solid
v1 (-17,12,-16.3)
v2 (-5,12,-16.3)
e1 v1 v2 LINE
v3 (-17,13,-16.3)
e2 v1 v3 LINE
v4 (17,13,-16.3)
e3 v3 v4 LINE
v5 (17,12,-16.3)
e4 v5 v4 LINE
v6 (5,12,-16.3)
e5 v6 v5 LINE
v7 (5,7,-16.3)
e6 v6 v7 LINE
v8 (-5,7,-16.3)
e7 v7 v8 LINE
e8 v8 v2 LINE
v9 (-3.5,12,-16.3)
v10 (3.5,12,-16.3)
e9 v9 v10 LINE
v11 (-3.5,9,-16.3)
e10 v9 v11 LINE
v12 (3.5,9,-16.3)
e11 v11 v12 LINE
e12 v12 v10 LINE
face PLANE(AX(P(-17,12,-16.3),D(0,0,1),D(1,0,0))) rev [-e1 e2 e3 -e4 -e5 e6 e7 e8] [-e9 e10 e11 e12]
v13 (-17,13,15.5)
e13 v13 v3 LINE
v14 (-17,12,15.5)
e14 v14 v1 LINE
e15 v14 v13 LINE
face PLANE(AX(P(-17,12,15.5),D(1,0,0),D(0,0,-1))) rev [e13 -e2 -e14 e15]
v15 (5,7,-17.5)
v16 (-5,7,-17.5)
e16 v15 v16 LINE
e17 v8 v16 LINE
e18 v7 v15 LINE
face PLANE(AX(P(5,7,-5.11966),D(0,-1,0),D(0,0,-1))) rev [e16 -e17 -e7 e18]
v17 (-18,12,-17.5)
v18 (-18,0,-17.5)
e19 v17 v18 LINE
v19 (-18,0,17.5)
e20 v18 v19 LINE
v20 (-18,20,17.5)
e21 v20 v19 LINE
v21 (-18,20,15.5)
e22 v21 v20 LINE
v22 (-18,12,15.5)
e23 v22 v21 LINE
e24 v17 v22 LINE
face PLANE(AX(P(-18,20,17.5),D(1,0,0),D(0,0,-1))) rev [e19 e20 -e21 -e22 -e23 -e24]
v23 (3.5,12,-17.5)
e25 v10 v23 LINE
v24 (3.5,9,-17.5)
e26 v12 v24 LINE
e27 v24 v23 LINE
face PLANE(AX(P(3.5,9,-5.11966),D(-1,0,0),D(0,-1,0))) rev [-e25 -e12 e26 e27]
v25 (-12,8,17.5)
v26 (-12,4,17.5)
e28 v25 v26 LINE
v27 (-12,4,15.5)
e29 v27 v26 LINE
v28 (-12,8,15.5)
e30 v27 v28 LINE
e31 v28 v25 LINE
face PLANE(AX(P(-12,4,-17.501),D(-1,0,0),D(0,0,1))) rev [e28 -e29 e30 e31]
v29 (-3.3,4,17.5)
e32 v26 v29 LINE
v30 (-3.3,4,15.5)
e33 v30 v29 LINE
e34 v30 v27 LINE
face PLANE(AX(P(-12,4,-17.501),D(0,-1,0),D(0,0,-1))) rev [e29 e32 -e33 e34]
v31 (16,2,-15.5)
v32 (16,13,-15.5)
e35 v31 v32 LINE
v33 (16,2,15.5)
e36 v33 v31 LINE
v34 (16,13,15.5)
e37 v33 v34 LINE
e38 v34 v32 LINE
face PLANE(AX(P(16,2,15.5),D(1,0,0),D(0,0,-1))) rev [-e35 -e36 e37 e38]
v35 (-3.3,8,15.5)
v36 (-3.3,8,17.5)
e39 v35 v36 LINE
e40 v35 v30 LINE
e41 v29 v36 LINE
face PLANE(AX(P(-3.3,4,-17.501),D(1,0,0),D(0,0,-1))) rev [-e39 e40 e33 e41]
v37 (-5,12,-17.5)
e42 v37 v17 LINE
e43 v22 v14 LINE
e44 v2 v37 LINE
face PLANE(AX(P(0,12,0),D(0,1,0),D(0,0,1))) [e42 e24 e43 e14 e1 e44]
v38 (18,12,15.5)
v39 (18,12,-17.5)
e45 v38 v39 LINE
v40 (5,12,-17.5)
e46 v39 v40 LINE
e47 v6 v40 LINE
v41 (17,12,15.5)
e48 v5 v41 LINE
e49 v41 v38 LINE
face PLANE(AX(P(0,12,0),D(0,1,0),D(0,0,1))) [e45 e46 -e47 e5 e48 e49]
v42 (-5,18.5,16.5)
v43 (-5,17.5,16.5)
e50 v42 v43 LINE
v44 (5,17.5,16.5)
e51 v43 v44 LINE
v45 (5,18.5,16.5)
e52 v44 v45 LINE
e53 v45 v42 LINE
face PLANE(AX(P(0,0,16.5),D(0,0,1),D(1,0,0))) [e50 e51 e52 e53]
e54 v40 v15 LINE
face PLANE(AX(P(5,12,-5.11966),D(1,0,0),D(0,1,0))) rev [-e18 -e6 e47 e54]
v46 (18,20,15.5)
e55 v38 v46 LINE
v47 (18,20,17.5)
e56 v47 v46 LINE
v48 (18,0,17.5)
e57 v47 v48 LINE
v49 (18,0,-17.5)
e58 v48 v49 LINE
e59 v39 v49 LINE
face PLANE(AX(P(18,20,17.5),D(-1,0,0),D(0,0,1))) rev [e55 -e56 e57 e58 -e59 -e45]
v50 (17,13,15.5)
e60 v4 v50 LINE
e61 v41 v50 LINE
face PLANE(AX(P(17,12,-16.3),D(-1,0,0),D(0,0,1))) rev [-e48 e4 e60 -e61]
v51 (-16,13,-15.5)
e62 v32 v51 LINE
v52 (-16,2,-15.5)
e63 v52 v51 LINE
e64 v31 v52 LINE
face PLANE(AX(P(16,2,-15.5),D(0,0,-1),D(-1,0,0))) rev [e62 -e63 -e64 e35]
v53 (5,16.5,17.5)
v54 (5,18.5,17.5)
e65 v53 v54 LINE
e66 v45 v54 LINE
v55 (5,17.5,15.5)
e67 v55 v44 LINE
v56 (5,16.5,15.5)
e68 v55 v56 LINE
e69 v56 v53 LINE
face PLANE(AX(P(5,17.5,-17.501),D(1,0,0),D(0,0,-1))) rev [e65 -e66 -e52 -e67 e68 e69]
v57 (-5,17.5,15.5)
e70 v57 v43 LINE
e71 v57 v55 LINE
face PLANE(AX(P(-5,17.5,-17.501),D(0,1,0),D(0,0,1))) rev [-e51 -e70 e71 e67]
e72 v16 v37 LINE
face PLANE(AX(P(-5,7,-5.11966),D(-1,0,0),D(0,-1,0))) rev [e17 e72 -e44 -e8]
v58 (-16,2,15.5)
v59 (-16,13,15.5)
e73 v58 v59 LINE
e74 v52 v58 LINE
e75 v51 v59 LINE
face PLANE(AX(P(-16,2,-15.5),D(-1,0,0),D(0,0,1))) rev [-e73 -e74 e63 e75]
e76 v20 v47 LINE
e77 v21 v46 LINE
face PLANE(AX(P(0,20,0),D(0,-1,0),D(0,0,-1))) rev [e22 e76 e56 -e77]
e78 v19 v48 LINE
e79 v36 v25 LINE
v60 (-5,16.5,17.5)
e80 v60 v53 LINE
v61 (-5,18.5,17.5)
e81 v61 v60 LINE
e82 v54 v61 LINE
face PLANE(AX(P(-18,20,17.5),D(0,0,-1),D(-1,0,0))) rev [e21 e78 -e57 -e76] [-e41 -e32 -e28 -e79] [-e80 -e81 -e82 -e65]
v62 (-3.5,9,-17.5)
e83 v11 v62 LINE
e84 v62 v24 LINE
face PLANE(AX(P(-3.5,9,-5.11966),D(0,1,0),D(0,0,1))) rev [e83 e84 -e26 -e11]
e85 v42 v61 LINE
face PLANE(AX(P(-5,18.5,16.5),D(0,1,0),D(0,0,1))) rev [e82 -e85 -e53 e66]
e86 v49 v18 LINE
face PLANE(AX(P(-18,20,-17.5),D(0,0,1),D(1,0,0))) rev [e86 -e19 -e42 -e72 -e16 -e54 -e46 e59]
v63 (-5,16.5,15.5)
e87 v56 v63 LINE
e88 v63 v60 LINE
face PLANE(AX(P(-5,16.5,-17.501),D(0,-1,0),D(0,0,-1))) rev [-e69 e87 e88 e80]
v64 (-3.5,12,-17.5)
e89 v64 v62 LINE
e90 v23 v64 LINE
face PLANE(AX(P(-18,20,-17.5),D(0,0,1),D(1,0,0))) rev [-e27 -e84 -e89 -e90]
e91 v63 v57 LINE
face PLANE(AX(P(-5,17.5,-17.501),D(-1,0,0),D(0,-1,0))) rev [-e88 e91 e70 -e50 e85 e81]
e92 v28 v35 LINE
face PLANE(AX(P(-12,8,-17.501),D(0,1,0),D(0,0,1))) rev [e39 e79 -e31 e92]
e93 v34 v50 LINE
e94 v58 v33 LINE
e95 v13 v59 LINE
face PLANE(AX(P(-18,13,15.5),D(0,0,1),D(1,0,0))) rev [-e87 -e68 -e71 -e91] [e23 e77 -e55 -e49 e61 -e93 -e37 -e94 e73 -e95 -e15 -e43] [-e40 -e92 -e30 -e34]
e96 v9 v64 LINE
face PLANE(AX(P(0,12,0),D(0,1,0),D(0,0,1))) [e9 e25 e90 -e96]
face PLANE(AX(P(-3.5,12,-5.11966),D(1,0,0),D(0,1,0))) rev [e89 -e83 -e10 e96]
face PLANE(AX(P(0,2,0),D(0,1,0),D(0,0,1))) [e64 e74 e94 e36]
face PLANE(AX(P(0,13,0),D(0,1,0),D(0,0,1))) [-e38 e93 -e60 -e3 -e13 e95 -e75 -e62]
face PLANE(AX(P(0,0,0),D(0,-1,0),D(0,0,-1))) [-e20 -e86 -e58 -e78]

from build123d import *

# Parameters (mm, degrees)
CROQUIS1_W              = 36
CROQUIS1_H              = 35
SALIENTE_EXTRUIR1_DEPTH = 20
CROQUIS2_W              = 36
CROQUIS2_H              = 33
CORTAR_EXTRUIR1_DEPTH   = 7
CROQUIS3_W              = 32
CROQUIS3_H              = 31
CORTAR_EXTRUIR2_DEPTH   = 11
CORTAR_EXTRUIR3_REACH   = 46.147
CROQUIS4_W              = 8.7
CROQUIS4_H              = 4
CORTAR_EXTRUIR4_REACH   = 46.147
CROQUIS5_W              = 10
CROQUIS5_H              = 1
CROQUIS6_W              = 10
CROQUIS6_H              = 1
CORTAR_EXTRUIR5_DEPTH   = 1
CORTAR_EXTRUIR6_DEPTH   = 1
CORTAR_EXTRUIR7_DEPTH   = 1.2


with BuildPart() as part:
    # Croquis1 → Saliente-Extruir1 (new body)
    with BuildSketch(Plane(origin=(0, 0, 0), x_dir=(1, 0, 0), z_dir=(0, 1, 0))):
        Rectangle(CROQUIS1_W, CROQUIS1_H)
    extrude(amount=SALIENTE_EXTRUIR1_DEPTH)

    # Croquis2 → Cortar-Extruir1 (cut)
    with BuildSketch(Plane(origin=(0, 20, 0), x_dir=(1, 0, 0), z_dir=(0, 1, 0))):
        with Locations((0, 1)):
            Rectangle(CROQUIS2_W, CROQUIS2_H)
    extrude(amount=-CORTAR_EXTRUIR1_DEPTH, mode=Mode.SUBTRACT)

    # Croquis3 → Cortar-Extruir2 (cut)
    with BuildSketch(Plane(origin=(0, 13, 0), x_dir=(1, 0, 0), z_dir=(0, 1, 0))):
        Rectangle(CROQUIS3_W, CROQUIS3_H)
    extrude(amount=-CORTAR_EXTRUIR2_DEPTH, mode=Mode.SUBTRACT)

    # Croquis4 → Cortar-Extruir3 (cut, up to next)
    with BuildSketch(Plane.XY.offset(17.5), mode=Mode.PRIVATE) as cortar_extruir3_sk1:
        with Locations((-7.65, 6)):
            Rectangle(CROQUIS4_W, CROQUIS4_H)
    cortar_extruir3_tool1 = extrude(cortar_extruir3_sk1.sketch, amount=-CORTAR_EXTRUIR3_REACH, mode=Mode.PRIVATE) & part.part
    add(cortar_extruir3_tool1.solids().sort_by_distance((-7.65, 6, 17.5))[0], mode=Mode.SUBTRACT)

    # Croquis5 → Cortar-Extruir4 (cut, up to next)
    with BuildSketch(Plane.XY.offset(17.5), mode=Mode.PRIVATE) as cortar_extruir4_sk1:
        with Locations((0, 17)):
            Rectangle(CROQUIS5_W, CROQUIS5_H)
    cortar_extruir4_tool1 = extrude(cortar_extruir4_sk1.sketch, amount=-CORTAR_EXTRUIR4_REACH, mode=Mode.PRIVATE) & part.part
    add(cortar_extruir4_tool1.solids().sort_by_distance((0, 17, 17.5))[0], mode=Mode.SUBTRACT)

    # Croquis6 → Cortar-Extruir5 (cut)
    with BuildSketch(Plane.XY.offset(17.5)):
        with Locations((0, 18)):
            Rectangle(CROQUIS6_W, CROQUIS6_H)
    extrude(amount=-CORTAR_EXTRUIR5_DEPTH, mode=Mode.SUBTRACT)

    # Croquis7 → Cortar-Extruir6 (cut)
    with BuildSketch(Plane(origin=(0, 13, 0), x_dir=(1, 0, 0), z_dir=(0, 1, 0))):
        Polygon((-18, -15.5), (-17, -15.5), (-17, 16.3), (17, 16.3), (17, -15.5), (18, -15.5), (18, 17.5), (-18, 17.5), align=None)
    extrude(amount=-CORTAR_EXTRUIR6_DEPTH, mode=Mode.SUBTRACT)

    # Croquis8 → Cortar-Extruir7 (cut)
    with BuildSketch(Plane(origin=(0, 0, -17.5), x_dir=(-1, 0, 0), z_dir=(0, 0, -1))):
        Polygon((-5, 12), (-5, 7), (5, 7), (5, 12), (3.5, 12), (3.5, 9), (-3.5, 9), (-3.5, 12), align=None)
    extrude(amount=-CORTAR_EXTRUIR7_DEPTH, mode=Mode.SUBTRACT)


solid = part.part
